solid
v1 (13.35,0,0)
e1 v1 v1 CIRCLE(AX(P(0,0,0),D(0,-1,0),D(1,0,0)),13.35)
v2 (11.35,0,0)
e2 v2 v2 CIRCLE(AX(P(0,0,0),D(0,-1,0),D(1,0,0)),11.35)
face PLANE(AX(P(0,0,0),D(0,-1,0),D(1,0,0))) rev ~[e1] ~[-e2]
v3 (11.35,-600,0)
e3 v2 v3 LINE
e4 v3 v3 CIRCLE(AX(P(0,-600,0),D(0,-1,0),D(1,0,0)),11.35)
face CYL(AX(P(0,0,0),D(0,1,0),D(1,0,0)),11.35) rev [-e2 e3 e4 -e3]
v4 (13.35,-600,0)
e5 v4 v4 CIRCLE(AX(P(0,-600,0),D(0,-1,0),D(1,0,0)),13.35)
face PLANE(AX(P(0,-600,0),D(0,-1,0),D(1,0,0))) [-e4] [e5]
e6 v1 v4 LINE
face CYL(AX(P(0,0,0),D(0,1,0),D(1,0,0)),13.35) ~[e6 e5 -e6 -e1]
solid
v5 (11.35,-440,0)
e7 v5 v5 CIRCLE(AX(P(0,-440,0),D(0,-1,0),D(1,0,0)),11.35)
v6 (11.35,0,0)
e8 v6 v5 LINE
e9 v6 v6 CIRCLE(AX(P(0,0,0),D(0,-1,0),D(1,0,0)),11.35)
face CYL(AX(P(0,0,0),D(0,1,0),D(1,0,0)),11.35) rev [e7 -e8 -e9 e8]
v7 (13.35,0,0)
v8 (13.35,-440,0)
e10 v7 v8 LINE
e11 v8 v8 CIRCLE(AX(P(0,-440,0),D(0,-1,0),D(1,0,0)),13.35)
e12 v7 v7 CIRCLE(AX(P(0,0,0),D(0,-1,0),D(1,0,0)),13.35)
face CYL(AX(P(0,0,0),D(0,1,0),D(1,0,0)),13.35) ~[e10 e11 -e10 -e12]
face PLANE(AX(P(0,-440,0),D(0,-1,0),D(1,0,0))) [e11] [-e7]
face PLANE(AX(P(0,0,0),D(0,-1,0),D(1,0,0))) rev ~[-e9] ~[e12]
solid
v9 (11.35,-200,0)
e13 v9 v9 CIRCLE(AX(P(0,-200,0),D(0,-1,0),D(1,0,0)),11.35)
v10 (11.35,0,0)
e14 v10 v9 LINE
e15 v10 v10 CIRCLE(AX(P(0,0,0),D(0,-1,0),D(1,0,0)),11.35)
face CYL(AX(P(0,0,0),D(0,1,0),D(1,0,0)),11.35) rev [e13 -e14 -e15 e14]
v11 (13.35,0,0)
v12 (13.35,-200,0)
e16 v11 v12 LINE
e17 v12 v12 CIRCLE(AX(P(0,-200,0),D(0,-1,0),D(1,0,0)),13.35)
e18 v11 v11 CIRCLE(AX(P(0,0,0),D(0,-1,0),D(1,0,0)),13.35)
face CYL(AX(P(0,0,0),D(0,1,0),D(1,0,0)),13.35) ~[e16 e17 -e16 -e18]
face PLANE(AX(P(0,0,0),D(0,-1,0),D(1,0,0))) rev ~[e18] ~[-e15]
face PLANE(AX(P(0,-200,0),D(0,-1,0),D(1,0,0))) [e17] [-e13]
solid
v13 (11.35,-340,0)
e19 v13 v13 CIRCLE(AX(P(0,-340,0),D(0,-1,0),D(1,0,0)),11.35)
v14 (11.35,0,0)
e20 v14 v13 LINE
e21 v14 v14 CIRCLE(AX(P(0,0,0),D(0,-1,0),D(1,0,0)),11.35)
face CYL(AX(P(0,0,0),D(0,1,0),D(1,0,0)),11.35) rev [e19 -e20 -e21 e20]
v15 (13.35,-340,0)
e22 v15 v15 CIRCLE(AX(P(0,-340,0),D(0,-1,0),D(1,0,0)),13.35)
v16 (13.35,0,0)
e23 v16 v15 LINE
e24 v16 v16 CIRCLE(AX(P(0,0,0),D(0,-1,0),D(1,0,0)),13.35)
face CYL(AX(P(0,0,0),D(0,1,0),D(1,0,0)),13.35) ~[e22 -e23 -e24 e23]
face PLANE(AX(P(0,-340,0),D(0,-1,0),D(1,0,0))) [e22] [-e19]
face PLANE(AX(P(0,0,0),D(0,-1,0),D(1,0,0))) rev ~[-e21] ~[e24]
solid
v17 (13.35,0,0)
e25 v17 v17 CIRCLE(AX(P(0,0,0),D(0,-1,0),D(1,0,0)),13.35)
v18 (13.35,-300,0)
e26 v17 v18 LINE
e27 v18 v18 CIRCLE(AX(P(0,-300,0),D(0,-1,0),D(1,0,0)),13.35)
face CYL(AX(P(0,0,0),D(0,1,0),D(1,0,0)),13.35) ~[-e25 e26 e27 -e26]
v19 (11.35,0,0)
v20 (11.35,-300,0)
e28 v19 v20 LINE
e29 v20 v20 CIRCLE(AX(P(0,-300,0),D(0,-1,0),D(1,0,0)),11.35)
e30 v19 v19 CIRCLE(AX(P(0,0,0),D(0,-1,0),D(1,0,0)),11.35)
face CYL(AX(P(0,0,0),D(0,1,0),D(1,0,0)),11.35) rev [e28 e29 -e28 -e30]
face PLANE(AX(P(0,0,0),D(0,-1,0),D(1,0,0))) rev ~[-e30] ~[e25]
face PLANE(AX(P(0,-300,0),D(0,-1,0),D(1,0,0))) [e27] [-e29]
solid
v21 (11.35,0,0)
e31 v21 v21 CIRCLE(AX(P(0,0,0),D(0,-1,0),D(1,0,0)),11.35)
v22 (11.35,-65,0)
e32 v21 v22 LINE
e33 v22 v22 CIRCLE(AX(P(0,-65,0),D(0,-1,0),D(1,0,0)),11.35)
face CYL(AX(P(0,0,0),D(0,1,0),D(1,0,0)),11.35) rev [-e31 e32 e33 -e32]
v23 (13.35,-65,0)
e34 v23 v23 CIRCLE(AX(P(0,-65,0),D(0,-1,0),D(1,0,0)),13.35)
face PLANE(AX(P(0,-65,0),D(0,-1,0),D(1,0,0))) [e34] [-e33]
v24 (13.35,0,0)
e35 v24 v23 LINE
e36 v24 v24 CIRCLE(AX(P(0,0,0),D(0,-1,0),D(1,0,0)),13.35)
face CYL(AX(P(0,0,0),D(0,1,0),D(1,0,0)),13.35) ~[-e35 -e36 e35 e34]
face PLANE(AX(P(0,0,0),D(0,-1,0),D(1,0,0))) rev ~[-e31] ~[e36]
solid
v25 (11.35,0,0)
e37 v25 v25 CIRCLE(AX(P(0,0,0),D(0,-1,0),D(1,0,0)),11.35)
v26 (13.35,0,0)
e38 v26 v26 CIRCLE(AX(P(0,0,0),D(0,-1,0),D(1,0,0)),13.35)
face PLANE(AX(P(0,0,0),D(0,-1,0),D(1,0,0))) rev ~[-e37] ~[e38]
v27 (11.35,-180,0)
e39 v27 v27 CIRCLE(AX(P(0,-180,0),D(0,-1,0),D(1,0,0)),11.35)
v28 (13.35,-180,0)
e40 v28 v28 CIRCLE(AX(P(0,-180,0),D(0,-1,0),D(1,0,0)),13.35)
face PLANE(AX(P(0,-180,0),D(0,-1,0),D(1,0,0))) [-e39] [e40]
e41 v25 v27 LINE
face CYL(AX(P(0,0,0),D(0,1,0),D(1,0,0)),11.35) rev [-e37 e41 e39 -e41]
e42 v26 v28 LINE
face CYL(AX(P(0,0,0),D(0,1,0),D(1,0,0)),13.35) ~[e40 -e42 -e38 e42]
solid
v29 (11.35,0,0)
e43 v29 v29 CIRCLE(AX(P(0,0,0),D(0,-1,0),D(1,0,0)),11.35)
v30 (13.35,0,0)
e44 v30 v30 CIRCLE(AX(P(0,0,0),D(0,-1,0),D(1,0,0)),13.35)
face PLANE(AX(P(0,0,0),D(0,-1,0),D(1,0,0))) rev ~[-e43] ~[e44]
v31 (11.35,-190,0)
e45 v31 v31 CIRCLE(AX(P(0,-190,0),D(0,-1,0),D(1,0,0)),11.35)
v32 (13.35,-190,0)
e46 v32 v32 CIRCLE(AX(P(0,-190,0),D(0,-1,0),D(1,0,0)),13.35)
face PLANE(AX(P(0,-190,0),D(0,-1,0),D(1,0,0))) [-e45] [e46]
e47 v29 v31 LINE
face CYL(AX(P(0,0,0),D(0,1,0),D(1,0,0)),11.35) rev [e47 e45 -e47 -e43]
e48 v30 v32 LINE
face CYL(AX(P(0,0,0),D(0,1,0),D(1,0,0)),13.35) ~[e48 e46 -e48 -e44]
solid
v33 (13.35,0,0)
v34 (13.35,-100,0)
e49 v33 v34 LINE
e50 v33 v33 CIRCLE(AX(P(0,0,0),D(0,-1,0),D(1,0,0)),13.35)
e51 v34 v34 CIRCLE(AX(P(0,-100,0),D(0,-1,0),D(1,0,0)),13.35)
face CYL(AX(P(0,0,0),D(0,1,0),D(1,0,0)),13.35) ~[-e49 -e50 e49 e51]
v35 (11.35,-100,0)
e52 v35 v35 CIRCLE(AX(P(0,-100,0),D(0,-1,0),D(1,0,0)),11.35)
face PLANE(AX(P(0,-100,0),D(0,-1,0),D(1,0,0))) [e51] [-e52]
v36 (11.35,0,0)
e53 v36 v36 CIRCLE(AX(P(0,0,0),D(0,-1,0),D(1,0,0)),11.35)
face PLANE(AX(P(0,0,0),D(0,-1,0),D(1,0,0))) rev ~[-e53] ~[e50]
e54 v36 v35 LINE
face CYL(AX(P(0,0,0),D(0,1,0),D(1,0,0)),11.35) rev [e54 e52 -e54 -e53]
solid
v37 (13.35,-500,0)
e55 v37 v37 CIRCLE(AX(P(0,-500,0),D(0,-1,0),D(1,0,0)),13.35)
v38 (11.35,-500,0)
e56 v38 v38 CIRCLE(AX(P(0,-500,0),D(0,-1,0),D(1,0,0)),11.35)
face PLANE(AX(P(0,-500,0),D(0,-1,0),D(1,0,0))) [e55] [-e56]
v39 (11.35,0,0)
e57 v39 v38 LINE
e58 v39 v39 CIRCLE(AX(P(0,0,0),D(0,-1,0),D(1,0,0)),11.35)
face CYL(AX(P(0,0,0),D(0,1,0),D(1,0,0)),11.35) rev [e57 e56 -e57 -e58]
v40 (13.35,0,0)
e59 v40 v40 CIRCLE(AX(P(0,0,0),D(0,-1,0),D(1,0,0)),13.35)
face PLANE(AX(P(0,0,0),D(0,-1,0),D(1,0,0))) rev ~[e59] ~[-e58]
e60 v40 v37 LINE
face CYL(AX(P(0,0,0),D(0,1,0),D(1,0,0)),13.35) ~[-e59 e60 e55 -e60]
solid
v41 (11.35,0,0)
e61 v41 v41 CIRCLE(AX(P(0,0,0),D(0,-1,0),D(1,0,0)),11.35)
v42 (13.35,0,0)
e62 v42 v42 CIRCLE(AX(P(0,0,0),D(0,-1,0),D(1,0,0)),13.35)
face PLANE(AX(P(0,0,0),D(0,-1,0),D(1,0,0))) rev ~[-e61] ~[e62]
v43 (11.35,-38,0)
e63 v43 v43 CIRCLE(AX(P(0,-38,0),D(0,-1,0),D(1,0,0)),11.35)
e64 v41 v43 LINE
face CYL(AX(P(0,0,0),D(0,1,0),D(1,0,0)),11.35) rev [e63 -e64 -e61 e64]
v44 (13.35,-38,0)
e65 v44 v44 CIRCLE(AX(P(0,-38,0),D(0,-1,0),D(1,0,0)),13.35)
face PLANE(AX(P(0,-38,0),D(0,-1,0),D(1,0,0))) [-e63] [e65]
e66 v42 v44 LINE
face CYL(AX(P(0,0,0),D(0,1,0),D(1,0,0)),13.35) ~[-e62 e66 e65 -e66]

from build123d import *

# Parameters (mm, degrees)
F0_R      = 13.35
F0_R_2    = 11.35
F1_DEPTH  = 500
F2_DEPTH  = 300
F3_DEPTH  = 38
F4_DEPTH  = 600
F5_DEPTH  = 100
F6_DEPTH  = 65
F7_DEPTH  = 200
F8_DEPTH  = 440
F9_DEPTH  = 180
F10_DEPTH = 190
F11_DEPTH = 340


with BuildPart() as f1:
    # F0 (on Front) → F1 (new body)
    with BuildSketch(Plane.XZ):
        Circle(F0_R)
        Circle(F0_R_2, mode=Mode.SUBTRACT)
    extrude(amount=F1_DEPTH)


with BuildPart() as f2:
    # F0 (on Front) → F2 (new body)
    with BuildSketch(Plane.XZ):
        Circle(F0_R)
        Circle(F0_R_2, mode=Mode.SUBTRACT)
    extrude(amount=F2_DEPTH)


with BuildPart() as f3:
    # F0 (on Front) → F3 (new body)
    with BuildSketch(Plane.XZ):
        Circle(F0_R)
        Circle(F0_R_2, mode=Mode.SUBTRACT)
    extrude(amount=F3_DEPTH)


with BuildPart() as f4:
    # F0 (on Front) → F4 (new body)
    with BuildSketch(Plane.XZ):
        Circle(F0_R)
        Circle(F0_R_2, mode=Mode.SUBTRACT)
    extrude(amount=F4_DEPTH)


with BuildPart() as f5:
    # F0 (on Front) → F5 (new body)
    with BuildSketch(Plane.XZ):
        Circle(F0_R)
        Circle(F0_R_2, mode=Mode.SUBTRACT)
    extrude(amount=F5_DEPTH)


with BuildPart() as f6:
    # F0 (on Front) → F6 (new body)
    with BuildSketch(Plane.XZ):
        Circle(F0_R)
        Circle(F0_R_2, mode=Mode.SUBTRACT)
    extrude(amount=F6_DEPTH)


with BuildPart() as f7:
    # F0 (on Front) → F7 (new body)
    with BuildSketch(Plane.XZ):
        Circle(F0_R)
        Circle(F0_R_2, mode=Mode.SUBTRACT)
    extrude(amount=F7_DEPTH)


with BuildPart() as f8:
    # F0 (on Front) → F8 (new body)
    with BuildSketch(Plane.XZ):
        Circle(F0_R)
        Circle(F0_R_2, mode=Mode.SUBTRACT)
    extrude(amount=F8_DEPTH)


with BuildPart() as f9:
    # F0 (on Front) → F9 (new body)
    with BuildSketch(Plane.XZ):
        Circle(F0_R)
        Circle(F0_R_2, mode=Mode.SUBTRACT)
    extrude(amount=F9_DEPTH)


with BuildPart() as f10:
    # F0 (on Front) → F10 (new body)
    with BuildSketch(Plane.XZ):
        Circle(F0_R)
        Circle(F0_R_2, mode=Mode.SUBTRACT)
    extrude(amount=F10_DEPTH)


with BuildPart() as f11:
    # F0 (on Front) → F11 (new body)
    with BuildSketch(Plane.XZ):
        Circle(F0_R)
        Circle(F0_R_2, mode=Mode.SUBTRACT)
    extrude(amount=F11_DEPTH)


solid = Compound([f1.part, f2.part, f3.part, f4.part, f5.part, f6.part, f7.part, f8.part, f9.part, f10.part, f11.part])
